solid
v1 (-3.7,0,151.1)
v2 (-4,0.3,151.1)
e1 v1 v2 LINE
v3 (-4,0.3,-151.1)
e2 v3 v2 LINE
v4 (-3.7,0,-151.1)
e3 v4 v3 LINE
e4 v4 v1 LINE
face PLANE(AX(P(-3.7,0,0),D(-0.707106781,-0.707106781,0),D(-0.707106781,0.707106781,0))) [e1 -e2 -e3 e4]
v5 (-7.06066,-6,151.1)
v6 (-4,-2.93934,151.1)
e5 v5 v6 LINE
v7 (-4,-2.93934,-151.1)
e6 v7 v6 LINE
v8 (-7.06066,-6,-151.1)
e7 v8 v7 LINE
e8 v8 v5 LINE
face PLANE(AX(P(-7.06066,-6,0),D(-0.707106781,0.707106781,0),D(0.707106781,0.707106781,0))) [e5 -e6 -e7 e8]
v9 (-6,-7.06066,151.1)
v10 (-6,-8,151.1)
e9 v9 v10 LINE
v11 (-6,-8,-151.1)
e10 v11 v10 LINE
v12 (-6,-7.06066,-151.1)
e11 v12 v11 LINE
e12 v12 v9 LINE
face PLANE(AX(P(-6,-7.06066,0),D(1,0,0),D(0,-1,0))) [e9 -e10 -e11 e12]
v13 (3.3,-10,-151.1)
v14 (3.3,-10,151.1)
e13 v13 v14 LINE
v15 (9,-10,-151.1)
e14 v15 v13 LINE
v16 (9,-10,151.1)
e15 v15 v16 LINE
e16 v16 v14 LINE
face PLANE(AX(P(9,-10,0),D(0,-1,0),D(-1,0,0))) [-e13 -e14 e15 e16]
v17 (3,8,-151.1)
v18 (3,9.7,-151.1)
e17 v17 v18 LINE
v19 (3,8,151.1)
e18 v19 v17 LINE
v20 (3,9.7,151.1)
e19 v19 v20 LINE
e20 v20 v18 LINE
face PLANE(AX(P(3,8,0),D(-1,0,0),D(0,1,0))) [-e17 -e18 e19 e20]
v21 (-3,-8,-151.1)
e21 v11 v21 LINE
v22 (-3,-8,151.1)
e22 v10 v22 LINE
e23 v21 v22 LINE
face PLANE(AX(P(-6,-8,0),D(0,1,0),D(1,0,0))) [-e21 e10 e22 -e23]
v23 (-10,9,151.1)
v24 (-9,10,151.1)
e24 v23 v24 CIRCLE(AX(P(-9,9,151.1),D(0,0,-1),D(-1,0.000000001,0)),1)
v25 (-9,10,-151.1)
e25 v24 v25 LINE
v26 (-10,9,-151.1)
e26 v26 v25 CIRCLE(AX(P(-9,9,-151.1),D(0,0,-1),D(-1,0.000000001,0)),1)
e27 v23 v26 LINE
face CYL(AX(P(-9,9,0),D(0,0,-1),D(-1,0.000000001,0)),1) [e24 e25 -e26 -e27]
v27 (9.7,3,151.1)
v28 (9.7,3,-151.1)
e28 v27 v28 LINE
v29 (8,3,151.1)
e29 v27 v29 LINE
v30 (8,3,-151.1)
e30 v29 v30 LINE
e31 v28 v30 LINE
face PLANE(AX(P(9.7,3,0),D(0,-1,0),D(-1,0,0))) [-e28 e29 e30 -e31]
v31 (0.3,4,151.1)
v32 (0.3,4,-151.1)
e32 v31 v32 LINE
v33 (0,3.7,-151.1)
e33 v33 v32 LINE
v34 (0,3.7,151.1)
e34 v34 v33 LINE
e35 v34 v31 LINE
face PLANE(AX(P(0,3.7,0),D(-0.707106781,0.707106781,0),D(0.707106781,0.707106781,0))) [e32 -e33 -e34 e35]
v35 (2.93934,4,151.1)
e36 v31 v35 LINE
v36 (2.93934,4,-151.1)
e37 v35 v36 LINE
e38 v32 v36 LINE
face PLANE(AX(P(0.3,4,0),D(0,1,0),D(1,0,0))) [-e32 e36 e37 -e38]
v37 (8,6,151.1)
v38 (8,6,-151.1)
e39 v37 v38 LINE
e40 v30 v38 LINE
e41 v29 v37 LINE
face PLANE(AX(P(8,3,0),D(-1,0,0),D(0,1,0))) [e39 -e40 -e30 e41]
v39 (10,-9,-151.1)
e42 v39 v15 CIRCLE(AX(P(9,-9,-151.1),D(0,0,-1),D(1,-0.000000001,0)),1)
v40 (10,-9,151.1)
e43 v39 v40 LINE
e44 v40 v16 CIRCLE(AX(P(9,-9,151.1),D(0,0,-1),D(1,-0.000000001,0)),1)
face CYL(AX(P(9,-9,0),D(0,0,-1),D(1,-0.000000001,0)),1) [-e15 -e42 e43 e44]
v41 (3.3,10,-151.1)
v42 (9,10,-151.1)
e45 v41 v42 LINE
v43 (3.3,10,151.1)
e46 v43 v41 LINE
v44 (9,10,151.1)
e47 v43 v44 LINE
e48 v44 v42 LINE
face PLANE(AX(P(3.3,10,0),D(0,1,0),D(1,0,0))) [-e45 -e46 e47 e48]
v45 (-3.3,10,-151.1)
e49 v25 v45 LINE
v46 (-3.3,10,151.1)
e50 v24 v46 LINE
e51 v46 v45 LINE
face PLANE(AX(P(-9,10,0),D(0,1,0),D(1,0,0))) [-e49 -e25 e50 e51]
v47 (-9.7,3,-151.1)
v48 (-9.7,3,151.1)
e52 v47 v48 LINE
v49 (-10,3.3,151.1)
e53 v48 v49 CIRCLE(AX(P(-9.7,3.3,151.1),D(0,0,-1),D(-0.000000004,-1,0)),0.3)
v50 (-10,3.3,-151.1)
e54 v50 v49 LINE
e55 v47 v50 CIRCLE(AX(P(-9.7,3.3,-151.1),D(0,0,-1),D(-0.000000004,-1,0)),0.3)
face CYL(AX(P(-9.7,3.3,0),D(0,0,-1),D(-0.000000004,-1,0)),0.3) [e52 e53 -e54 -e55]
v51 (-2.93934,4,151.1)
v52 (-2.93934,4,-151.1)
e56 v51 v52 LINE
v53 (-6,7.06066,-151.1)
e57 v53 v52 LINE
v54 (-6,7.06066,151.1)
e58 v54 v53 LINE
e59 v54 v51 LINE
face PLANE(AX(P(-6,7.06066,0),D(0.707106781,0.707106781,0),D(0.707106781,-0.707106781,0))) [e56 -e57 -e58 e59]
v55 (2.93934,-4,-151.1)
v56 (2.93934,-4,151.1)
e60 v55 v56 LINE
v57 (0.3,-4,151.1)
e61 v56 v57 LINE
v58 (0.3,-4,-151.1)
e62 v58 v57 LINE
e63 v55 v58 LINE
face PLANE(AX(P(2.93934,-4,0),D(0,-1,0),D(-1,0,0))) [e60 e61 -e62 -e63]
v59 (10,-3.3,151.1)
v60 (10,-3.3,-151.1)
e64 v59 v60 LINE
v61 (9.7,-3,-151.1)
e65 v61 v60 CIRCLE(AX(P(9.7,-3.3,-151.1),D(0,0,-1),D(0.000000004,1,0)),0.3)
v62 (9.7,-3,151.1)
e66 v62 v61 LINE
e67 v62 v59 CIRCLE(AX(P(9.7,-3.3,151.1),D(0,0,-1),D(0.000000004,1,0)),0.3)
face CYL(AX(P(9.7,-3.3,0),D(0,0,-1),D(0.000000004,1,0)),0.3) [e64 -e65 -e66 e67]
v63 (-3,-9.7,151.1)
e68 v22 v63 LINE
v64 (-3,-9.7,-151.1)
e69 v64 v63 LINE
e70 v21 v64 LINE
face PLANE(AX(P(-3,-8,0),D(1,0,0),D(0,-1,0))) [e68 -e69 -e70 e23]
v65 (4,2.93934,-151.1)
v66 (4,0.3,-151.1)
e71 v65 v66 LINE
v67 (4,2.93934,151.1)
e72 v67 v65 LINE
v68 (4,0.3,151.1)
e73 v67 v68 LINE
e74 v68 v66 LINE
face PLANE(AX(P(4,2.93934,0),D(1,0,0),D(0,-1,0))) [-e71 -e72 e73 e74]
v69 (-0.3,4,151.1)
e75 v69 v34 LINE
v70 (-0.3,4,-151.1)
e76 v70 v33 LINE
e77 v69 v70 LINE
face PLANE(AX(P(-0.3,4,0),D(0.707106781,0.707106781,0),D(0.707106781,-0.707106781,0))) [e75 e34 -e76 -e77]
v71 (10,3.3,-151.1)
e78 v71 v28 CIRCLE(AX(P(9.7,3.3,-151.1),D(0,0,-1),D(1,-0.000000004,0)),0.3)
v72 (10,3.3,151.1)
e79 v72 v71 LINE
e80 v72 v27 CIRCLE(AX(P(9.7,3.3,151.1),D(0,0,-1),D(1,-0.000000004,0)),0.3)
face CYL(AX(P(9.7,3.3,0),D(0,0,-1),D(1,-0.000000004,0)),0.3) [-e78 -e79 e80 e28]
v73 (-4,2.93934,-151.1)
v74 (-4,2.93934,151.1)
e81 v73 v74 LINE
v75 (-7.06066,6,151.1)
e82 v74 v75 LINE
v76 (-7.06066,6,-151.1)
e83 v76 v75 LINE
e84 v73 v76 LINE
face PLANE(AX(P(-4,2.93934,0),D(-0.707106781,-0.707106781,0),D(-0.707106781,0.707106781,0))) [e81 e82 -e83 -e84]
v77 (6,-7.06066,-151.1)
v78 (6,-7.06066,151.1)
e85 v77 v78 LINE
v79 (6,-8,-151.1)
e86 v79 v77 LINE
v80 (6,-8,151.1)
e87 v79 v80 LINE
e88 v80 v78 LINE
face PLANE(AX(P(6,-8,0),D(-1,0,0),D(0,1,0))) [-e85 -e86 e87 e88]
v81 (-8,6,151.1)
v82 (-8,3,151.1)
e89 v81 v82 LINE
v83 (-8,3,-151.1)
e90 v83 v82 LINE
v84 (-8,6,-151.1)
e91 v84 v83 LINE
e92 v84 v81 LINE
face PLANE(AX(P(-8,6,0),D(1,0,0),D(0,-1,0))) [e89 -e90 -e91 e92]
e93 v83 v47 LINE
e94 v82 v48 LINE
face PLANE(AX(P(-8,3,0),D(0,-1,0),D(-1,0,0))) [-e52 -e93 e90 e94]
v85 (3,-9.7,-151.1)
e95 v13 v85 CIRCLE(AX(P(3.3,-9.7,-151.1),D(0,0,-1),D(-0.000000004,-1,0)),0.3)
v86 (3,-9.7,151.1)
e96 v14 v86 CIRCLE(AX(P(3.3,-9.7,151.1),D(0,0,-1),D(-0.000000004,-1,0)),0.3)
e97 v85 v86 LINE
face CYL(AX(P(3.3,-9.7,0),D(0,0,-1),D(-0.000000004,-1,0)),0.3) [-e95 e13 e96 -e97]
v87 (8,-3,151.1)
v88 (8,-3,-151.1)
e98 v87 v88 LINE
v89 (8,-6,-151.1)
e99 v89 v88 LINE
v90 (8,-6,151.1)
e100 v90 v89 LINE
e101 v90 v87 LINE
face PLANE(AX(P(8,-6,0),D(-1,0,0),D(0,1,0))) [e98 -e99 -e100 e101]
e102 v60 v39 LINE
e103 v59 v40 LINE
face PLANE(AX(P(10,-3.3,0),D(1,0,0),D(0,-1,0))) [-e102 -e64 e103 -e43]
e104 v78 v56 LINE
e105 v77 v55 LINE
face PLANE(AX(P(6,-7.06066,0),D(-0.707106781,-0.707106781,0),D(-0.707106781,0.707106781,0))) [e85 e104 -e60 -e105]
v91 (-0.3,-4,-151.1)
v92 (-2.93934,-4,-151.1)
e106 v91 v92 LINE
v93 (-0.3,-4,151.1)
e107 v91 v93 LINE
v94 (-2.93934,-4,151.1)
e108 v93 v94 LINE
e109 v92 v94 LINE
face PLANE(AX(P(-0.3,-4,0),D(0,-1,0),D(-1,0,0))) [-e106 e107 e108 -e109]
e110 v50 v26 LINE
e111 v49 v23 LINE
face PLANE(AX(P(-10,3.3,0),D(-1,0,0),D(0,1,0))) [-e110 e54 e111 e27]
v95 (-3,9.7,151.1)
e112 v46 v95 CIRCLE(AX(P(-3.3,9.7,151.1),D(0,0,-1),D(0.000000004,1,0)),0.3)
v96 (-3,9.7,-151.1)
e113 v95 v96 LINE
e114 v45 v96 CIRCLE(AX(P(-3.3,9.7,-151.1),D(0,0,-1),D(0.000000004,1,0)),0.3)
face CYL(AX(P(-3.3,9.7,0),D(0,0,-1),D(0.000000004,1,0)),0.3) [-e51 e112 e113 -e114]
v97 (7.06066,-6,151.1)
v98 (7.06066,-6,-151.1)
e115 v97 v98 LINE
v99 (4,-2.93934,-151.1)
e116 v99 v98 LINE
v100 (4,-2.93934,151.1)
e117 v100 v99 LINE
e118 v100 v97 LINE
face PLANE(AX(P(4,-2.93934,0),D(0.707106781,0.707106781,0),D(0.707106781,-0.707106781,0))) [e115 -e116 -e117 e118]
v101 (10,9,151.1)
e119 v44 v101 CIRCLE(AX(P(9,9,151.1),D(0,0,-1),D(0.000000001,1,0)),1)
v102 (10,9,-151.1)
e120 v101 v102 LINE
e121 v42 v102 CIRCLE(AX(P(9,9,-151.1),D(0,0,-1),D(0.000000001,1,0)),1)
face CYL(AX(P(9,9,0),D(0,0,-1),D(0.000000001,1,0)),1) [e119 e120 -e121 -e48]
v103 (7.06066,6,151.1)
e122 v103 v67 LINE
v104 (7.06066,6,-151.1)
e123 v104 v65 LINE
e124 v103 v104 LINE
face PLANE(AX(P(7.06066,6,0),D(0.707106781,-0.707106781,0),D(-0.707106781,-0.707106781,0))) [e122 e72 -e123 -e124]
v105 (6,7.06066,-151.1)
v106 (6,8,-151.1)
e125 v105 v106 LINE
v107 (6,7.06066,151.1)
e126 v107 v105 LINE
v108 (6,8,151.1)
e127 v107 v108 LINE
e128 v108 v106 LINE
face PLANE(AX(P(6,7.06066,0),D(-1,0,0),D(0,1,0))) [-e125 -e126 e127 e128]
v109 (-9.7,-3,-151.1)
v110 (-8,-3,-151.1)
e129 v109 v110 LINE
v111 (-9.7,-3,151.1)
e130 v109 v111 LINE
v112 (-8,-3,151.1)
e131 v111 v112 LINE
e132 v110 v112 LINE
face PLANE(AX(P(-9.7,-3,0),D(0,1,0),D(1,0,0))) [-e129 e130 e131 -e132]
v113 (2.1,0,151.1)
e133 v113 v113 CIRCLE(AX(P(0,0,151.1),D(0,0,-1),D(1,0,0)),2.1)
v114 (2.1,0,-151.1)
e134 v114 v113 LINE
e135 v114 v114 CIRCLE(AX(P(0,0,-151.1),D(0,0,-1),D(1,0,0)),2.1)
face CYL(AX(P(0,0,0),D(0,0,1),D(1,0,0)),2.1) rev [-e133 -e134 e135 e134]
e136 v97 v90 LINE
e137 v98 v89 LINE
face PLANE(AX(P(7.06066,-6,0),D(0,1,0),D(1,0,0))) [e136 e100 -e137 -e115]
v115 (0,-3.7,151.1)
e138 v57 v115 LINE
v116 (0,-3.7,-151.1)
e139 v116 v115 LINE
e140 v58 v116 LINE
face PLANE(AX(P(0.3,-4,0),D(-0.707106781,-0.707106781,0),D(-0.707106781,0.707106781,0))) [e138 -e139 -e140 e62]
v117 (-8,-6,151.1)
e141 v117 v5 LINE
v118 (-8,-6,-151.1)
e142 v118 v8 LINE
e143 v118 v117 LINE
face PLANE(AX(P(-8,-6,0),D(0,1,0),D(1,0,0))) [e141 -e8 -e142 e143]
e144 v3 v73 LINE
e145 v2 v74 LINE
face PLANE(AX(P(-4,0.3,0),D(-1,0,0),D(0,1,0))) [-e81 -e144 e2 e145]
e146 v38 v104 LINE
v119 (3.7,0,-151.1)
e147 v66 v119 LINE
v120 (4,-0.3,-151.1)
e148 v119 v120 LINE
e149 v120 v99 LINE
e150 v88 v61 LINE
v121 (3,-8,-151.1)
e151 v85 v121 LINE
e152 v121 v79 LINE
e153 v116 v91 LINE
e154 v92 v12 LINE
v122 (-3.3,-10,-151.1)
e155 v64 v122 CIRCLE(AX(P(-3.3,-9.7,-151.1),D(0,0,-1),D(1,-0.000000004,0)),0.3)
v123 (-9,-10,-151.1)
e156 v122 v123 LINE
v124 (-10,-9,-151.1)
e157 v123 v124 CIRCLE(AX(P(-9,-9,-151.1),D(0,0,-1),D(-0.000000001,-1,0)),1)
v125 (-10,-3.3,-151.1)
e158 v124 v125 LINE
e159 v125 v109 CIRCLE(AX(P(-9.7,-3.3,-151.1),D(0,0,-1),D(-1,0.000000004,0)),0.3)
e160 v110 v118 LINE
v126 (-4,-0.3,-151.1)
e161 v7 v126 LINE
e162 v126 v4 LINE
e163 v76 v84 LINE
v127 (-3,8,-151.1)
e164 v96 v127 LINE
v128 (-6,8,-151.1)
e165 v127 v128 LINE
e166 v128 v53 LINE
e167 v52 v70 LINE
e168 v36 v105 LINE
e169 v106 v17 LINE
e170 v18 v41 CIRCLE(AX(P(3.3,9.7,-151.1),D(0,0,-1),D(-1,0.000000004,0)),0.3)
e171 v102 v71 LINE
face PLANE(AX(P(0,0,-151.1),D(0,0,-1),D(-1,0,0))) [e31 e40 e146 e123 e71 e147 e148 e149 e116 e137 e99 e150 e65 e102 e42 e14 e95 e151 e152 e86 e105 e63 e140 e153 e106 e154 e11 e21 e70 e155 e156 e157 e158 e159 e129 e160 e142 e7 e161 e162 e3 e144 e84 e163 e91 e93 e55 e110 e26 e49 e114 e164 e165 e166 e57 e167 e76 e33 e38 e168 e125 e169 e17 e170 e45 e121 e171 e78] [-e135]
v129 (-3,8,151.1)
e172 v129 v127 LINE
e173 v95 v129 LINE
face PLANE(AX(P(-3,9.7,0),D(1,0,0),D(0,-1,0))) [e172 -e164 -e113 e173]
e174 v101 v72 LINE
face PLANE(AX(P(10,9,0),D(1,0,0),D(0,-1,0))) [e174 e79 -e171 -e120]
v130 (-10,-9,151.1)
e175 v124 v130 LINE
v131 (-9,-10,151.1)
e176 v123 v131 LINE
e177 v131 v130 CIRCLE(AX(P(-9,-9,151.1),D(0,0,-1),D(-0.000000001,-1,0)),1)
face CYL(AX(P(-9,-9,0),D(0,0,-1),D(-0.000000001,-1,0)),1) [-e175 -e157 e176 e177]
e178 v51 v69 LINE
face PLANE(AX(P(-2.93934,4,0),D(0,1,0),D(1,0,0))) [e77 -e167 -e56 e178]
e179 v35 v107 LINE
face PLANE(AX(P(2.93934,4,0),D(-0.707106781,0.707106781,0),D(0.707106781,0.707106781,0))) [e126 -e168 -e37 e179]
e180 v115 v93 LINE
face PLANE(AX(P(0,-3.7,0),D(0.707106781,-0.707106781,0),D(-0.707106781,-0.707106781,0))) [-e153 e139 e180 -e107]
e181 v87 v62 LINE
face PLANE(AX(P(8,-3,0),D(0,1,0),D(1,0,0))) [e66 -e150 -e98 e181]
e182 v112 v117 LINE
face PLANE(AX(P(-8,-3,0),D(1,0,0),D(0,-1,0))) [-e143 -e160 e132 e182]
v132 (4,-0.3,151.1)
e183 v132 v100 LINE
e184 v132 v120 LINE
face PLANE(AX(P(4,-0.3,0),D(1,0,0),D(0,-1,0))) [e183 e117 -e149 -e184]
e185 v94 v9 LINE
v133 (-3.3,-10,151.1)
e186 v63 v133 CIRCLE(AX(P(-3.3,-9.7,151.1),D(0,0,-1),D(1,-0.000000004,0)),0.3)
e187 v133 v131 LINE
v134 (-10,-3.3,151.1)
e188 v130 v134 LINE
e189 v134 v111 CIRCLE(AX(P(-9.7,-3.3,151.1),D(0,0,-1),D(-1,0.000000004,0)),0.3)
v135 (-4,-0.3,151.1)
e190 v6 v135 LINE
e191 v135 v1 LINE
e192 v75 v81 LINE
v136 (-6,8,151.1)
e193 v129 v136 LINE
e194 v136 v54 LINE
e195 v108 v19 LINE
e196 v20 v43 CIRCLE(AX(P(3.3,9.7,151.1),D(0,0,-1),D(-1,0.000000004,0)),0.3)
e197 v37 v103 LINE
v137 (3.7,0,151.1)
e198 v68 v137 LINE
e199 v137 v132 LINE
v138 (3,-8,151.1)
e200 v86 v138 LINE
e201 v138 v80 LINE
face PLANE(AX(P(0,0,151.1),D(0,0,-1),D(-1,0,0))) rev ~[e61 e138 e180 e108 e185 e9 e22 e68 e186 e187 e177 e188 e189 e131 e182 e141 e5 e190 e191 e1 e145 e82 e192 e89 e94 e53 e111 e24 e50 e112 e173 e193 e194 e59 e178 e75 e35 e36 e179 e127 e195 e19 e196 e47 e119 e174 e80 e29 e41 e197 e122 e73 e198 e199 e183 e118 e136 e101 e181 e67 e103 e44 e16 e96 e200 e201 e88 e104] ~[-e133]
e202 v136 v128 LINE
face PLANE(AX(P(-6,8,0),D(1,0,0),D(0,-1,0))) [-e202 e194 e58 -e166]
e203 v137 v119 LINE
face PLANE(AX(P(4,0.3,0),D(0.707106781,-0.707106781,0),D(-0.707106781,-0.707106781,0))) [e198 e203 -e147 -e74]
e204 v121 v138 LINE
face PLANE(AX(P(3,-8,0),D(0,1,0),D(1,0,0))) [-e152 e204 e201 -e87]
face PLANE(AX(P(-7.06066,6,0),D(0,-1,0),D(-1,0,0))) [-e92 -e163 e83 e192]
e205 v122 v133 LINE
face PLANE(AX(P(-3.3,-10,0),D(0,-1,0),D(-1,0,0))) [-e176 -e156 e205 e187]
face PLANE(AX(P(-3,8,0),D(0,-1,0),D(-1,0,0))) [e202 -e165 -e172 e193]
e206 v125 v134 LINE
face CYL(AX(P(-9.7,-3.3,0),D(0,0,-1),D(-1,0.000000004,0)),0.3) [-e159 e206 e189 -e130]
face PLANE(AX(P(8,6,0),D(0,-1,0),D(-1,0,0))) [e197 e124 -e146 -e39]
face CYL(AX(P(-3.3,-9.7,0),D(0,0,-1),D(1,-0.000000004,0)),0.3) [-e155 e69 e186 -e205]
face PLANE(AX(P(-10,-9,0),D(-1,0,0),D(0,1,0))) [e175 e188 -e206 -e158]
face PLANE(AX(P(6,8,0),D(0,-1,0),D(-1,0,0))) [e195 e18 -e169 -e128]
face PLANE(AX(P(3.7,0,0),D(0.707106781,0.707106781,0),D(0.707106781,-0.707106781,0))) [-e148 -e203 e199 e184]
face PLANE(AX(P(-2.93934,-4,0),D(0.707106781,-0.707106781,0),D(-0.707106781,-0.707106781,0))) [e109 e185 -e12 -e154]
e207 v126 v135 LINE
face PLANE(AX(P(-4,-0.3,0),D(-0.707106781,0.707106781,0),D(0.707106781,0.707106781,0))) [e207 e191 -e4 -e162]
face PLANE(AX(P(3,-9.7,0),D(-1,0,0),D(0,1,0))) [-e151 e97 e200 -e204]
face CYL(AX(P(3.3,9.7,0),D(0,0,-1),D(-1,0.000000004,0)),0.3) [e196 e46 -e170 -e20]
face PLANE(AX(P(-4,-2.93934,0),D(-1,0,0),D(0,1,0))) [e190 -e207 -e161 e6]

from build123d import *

# Parameters (mm, degrees)
SKETCH1_R           = 2.1
BOSS_EXTRUDE1_DEPTH = 151.1


with BuildPart() as part:
    # Sketch1 → Boss-Extrude1 (new, symmetric)
    with BuildSketch(Plane(origin=(0, 0, 0), x_dir=(-1, 0, 0), z_dir=(0, 0, -1))):
        with BuildLine():
            Line((10, 3.3), (10, 9))
            ThreePointArc((10, 9), (9.707106781, 9.707106781), (9, 10))
            Line((9, 10), (3.3, 10))
            ThreePointArc((3.3, 10), (3.087867966, 9.912132034), (3, 9.7))
            Line((3, 9.7), (3, 8))
            Line((3, 8), (6, 8))
            Line((6, 8), (6, 7.060660172))
            Line((6, 7.060660172), (2.939339828, 4))
            Line((2.939339828, 4), (0.3, 4))
            Line((0.3, 4), (0, 3.7))
            Line((0, 3.7), (-0.3, 4))
            Line((-0.3, 4), (-2.939339828, 4))
            Line((-2.939339828, 4), (-6, 7.060660172))
            Line((-6, 7.060660172), (-6, 8))
            Line((-6, 8), (-3, 8))
            Line((-3, 8), (-3, 9.7))
            ThreePointArc((-3, 9.7), (-3.087867966, 9.912132034), (-3.3, 10))
            Line((-3.3, 10), (-9, 10))
            ThreePointArc((-9, 10), (-9.707106781, 9.707106781), (-10, 9))
            Line((-10, 9), (-10, 3.3))
            ThreePointArc((-10, 3.3), (-9.912132034, 3.087867966), (-9.7, 3))
            Line((-9.7, 3), (-8, 3))
            Line((-8, 3), (-8, 6))
            Line((-8, 6), (-7.060660172, 6))
            Line((-7.060660172, 6), (-4, 2.939339828))
            Line((-4, 2.939339828), (-4, 0.3))
            Line((-4, 0.3), (-3.7, 0))
            Line((-3.7, 0), (-4, -0.3))
            Line((-4, -0.3), (-4, -2.939339828))
            Line((-4, -2.939339828), (-7.060660172, -6))
            Line((-7.060660172, -6), (-8, -6))
            Line((-8, -6), (-8, -3))
            Line((-8, -3), (-9.7, -3))
            ThreePointArc((-9.7, -3), (-9.912132034, -3.087867966), (-10, -3.3))
            Line((-10, -3.3), (-10, -9))
            ThreePointArc((-10, -9), (-9.707106781, -9.707106781), (-9, -10))
            Line((-9, -10), (-3.3, -10))
            ThreePointArc((-3.3, -10), (-3.087867966, -9.912132034), (-3, -9.7))
            Line((-3, -9.7), (-3, -8))
            Line((-3, -8), (-6, -8))
            Line((-6, -8), (-6, -7.060660172))
            Line((-6, -7.060660172), (-2.939339828, -4))
            Line((-2.939339828, -4), (-0.3, -4))
            Line((-0.3, -4), (0, -3.7))
            Line((0, -3.7), (0.3, -4))
            Line((0.3, -4), (2.939339828, -4))
            Line((2.939339828, -4), (6, -7.060660172))
            Line((6, -7.060660172), (6, -8))
            Line((6, -8), (3, -8))
            Line((3, -8), (3, -9.7))
            ThreePointArc((3, -9.7), (3.087867966, -9.912132034), (3.3, -10))
            Line((3.3, -10), (9, -10))
            ThreePointArc((9, -10), (9.707106781, -9.707106781), (10, -9))
            Line((10, -9), (10, -3.3))
            ThreePointArc((10, -3.3), (9.912132034, -3.087867966), (9.7, -3))
            Line((9.7, -3), (8, -3))
            Line((8, -3), (8, -6))
            Line((8, -6), (7.060660172, -6))
            Line((7.060660172, -6), (4, -2.939339828))
            Line((4, -2.939339828), (4, -0.3))
            Line((4, -0.3), (3.7, 0))
            Line((3.7, 0), (4, 0.3))
            Line((4, 0.3), (4, 2.939339828))
            Line((4, 2.939339828), (7.060660172, 6))
            Line((7.060660172, 6), (8, 6))
            Line((8, 6), (8, 3))
            Line((8, 3), (9.7, 3))
            ThreePointArc((9.7, 3), (9.912132034, 3.087867966), (10, 3.3))
        make_face()
        Circle(SKETCH1_R, mode=Mode.SUBTRACT)
    extrude(amount=BOSS_EXTRUDE1_DEPTH, both=True)


solid = part.part
